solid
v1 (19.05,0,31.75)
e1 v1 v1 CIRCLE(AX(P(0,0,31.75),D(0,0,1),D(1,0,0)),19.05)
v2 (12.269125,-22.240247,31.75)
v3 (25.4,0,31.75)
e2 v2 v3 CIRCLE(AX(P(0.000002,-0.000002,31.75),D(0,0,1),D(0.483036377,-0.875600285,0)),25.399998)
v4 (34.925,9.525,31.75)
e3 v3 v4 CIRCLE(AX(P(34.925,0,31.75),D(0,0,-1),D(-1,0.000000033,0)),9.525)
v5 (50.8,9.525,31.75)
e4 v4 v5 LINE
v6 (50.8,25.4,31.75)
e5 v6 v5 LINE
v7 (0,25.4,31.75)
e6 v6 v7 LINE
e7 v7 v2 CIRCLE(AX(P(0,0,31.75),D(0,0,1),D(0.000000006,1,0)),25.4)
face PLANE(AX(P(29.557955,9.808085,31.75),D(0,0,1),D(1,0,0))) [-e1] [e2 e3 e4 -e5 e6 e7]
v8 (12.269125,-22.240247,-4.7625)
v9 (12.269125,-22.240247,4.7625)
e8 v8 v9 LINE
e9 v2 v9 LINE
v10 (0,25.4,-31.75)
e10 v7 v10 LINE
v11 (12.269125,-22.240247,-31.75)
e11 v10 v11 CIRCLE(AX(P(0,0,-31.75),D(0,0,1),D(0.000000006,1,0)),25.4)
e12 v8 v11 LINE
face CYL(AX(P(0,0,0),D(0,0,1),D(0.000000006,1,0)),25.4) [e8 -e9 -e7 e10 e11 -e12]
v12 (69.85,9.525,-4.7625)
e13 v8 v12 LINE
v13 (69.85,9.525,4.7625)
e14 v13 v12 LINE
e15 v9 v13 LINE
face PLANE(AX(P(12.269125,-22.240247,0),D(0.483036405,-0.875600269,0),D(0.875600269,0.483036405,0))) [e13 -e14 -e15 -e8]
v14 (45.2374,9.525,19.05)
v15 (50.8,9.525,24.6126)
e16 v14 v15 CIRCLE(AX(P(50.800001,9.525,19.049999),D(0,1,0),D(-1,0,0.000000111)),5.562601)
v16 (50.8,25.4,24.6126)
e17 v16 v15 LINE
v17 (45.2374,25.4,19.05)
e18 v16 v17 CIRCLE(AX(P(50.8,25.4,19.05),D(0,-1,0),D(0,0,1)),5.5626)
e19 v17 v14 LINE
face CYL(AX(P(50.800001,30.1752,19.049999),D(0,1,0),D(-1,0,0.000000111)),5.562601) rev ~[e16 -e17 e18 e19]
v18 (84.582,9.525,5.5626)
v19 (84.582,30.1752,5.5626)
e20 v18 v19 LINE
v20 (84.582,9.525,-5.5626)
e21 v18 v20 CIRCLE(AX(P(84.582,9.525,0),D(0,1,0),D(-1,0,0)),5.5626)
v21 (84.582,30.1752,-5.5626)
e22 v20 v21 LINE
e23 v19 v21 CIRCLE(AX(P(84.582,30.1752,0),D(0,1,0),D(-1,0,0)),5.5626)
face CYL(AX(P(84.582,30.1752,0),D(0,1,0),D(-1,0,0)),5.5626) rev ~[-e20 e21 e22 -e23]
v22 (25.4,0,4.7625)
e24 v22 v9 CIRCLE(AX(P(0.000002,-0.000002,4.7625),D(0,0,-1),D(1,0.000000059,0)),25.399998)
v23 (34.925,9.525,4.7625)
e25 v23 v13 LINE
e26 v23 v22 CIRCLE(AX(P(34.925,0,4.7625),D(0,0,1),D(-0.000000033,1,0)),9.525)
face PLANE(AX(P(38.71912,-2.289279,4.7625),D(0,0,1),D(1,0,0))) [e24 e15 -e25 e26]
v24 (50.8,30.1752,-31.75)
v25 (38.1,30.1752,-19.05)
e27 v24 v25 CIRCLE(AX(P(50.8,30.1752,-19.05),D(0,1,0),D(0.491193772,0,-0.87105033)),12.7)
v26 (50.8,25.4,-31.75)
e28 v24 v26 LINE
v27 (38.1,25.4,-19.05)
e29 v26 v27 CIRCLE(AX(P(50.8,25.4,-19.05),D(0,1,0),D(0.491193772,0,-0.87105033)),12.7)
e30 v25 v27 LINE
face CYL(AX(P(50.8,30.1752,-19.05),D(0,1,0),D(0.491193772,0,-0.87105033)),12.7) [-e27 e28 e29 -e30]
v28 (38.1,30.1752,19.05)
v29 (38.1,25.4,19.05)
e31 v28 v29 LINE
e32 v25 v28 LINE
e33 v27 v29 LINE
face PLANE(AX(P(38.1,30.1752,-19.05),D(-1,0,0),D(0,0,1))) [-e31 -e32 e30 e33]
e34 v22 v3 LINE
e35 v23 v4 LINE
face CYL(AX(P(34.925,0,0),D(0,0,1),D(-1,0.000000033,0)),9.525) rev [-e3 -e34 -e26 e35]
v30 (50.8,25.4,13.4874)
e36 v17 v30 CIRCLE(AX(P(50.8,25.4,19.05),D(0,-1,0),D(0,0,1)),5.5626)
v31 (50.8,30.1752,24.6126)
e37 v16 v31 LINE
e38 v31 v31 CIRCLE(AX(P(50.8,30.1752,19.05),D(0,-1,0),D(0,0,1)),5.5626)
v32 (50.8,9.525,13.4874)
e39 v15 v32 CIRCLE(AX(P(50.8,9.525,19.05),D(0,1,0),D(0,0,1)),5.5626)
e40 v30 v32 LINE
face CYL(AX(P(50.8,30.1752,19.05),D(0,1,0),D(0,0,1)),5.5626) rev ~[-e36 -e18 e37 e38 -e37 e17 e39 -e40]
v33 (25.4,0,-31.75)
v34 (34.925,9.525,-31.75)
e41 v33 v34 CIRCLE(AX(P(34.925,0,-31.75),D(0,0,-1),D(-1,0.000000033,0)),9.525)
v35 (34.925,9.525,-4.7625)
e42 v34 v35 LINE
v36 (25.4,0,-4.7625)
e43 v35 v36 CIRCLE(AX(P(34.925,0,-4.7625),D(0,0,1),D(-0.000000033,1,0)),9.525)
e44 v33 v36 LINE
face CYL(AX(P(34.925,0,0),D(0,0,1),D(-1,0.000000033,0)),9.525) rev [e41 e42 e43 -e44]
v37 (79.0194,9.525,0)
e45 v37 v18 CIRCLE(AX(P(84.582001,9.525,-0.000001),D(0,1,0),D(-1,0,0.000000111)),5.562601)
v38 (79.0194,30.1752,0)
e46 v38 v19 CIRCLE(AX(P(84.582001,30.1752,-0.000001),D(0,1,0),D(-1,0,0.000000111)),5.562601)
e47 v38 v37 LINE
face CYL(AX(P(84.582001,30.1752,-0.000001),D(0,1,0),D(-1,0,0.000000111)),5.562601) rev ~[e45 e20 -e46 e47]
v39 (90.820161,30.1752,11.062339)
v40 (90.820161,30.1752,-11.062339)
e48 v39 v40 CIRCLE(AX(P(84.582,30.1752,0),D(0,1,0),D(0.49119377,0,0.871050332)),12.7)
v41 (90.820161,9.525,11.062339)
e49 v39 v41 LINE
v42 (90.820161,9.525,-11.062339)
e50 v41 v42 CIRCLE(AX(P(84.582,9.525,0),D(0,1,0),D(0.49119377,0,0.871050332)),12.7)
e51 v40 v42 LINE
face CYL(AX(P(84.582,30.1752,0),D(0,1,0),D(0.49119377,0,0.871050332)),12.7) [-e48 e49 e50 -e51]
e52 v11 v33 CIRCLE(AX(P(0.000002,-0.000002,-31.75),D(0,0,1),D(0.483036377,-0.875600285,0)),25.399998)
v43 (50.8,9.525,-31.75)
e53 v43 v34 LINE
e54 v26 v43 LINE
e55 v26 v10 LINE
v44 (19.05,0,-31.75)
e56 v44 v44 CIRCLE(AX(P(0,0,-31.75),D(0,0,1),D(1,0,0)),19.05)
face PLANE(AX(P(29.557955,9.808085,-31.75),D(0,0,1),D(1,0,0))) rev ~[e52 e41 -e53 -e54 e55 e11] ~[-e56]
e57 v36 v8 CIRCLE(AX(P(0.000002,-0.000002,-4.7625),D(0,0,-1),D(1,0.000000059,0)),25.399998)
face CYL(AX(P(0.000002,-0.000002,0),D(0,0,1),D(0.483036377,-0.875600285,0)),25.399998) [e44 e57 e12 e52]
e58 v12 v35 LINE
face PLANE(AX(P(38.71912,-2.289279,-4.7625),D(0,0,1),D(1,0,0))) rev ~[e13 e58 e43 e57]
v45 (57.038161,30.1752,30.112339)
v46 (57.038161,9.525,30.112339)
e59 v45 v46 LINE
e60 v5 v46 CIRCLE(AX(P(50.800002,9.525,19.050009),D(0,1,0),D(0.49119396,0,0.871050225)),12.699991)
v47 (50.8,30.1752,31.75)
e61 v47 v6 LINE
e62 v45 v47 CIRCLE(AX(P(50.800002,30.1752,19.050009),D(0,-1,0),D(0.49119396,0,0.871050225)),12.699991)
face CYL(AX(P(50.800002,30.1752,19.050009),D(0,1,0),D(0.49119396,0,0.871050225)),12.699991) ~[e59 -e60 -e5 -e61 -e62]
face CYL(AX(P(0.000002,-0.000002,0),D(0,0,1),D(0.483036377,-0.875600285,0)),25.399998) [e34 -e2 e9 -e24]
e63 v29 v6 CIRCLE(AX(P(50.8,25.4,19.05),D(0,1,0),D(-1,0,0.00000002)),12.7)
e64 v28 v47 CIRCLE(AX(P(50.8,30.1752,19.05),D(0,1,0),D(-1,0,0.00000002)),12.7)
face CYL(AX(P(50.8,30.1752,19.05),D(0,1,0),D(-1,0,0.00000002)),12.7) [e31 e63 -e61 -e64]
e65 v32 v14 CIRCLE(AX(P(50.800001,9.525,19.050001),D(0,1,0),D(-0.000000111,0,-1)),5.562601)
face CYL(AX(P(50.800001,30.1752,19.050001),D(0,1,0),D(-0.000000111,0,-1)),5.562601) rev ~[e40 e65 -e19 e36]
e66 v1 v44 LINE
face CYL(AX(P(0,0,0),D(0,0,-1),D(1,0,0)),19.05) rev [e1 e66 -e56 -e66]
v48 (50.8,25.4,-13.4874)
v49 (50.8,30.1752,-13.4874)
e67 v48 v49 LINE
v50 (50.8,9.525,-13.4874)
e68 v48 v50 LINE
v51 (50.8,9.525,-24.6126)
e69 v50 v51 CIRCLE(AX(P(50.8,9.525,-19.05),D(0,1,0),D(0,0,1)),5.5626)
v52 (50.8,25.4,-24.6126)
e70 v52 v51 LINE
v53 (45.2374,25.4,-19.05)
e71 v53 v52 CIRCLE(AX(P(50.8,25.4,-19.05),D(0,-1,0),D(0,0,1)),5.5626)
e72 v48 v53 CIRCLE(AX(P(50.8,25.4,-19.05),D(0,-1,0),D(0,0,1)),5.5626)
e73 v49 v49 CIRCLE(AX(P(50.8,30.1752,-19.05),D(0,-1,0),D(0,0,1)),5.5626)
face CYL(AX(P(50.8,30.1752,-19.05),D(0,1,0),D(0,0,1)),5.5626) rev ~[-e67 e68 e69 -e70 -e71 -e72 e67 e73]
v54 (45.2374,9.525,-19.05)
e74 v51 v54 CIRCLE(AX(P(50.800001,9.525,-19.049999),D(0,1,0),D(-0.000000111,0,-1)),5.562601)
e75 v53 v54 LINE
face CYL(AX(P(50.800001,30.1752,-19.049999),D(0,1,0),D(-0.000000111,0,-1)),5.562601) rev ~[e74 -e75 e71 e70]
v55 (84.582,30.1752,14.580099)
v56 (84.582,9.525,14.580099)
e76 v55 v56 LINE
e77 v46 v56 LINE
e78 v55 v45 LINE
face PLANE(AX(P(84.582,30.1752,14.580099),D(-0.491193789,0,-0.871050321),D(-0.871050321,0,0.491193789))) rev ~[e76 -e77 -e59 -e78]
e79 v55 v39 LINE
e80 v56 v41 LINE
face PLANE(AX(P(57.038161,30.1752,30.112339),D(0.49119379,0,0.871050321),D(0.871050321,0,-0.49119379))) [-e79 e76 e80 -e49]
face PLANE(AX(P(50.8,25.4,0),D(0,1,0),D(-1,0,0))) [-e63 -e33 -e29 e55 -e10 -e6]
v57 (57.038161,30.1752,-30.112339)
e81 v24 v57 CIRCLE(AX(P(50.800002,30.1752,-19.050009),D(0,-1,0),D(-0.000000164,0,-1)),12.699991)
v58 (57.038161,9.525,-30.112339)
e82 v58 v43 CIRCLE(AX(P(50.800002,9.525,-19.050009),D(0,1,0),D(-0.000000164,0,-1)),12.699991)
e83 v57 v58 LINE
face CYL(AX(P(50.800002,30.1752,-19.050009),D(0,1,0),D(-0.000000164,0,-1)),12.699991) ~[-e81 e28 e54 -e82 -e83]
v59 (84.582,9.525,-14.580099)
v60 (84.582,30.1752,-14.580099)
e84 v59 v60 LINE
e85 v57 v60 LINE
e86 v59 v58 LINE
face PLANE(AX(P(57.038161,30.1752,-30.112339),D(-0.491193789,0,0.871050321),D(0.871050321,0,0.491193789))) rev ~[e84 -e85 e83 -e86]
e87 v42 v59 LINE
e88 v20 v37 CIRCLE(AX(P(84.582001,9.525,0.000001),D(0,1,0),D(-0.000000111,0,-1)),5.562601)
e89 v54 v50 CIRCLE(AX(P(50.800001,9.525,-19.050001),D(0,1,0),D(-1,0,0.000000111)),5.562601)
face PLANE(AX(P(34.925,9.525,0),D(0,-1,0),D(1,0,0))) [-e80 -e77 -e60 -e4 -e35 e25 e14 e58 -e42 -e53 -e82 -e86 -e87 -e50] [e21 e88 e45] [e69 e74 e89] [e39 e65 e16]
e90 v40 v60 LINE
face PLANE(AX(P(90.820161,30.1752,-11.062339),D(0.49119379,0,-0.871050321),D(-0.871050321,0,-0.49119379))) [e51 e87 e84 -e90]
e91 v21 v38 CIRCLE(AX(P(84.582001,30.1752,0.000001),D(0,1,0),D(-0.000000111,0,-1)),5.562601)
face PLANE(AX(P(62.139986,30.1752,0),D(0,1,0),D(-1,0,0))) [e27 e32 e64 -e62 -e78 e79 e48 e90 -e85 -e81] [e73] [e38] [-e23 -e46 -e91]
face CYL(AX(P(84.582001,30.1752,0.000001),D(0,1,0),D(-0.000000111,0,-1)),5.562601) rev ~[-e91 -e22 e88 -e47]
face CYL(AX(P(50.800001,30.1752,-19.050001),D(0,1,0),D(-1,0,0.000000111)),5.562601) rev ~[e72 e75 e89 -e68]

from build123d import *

# Parameters (mm, degrees)
F0_R     = 19.05
F1_DEPTH = 31.75
F2_DEPTH = 4.7625
F4_R     = 5.5626
F5_DEPTH = 20.6502
F6_DEPTH = 55.5762


with BuildPart() as f1:
    # F0 (on Top) → F1 (new body, symmetric)
    with BuildSketch(Plane.XY):
        with BuildLine():
            ThreePointArc((12.269125, -22.240247), (21.872309, -12.913641), (25.4, 0))
            ThreePointArc((25.4, 0), (28.189808, 6.735192), (34.925, 9.525))
            Line((34.925, 9.525), (69.85, 9.525))
            Line((69.85, 9.525), (84.582, 9.525))
            Line((84.582, 9.525), (84.582, 30.1752))
            Line((84.582, 30.1752), (50.8, 30.1752))
            Line((50.8, 30.1752), (50.8, 25.4))
            Line((50.8, 25.4), (0, 25.4))
            ThreePointArc((0, 25.4), (-24.597381, -6.334735), (12.269125, -22.240247))
        make_face()
        Circle(F0_R, mode=Mode.SUBTRACT)
    extrude(amount=F1_DEPTH, both=True)

    # F0 (on Top) → F2 (join, symmetric)
    with BuildSketch(Plane.XY):
        with BuildLine():
            ThreePointArc((34.925, 9.525), (28.189808, 6.735192), (25.4, 0))
            ThreePointArc((25.4, 0), (21.872309, -12.913641), (12.269125, -22.240247))
            Line((12.269125, -22.240247), (69.85, 9.525))
            Line((69.85, 9.525), (34.925, 9.525))
        make_face()
    extrude(amount=F2_DEPTH, both=True)

    # F4 (on face) → F5 (join)
    with BuildSketch(Plane(origin=(0, 30.1752, 0), x_dir=(-1, 0, 0), z_dir=(0, 1, 0))):
        with BuildLine():
            Line((-38.1, -19.05), (-38.1, 19.05))
            ThreePointArc((-38.1, 19.05), (-44.394325, 30.01619), (-57.038161, 30.112339))
            Line((-57.038161, 30.112339), (-90.820161, 11.062339))
            ThreePointArc((-90.820161, 11.062339), (-97.282, 0), (-90.820161, -11.062339))
            Line((-90.820161, -11.062339), (-57.038161, -30.112339))
            ThreePointArc((-57.038161, -30.112339), (-44.394325, -30.01619), (-38.1, -19.05))
        make_face()
        with Locations((-50.8, -19.05)):
            Circle(F4_R, mode=Mode.SUBTRACT)
        with Locations((-84.582, 0)):
            Circle(F4_R, mode=Mode.SUBTRACT)
        with Locations((-50.8, 19.05)):
            Circle(F4_R, mode=Mode.SUBTRACT)
    extrude(amount=-F5_DEPTH)

    # F4 (on face) → F6 (cut, through all)
    with BuildSketch(Plane(origin=(0, 30.1752, 0), x_dir=(-1, 0, 0), z_dir=(0, 1, 0))):
        with BuildLine():
            ThreePointArc((-45.2374, -19.05), (-46.866648, -15.116648), (-50.8, -13.4874))
            Line((-50.8, -13.4874), (-50.8, -24.6126))
            ThreePointArc((-50.8, -24.6126), (-46.866648, -22.983352), (-45.2374, -19.05))
        make_face()
        with BuildLine():
            Line((-50.8, 13.4874), (-50.8, 24.6126))
            ThreePointArc((-50.8, 24.6126), (-56.3626, 19.05), (-50.8, 13.4874))
        make_face()
        with BuildLine():
            ThreePointArc((-79.0194, 0), (-80.648648, 3.933352), (-84.582, 5.5626))
            Line((-84.582, 5.5626), (-84.582, -5.5626))
            ThreePointArc((-84.582, -5.5626), (-80.648648, -3.933352), (-79.0194, 0))
        make_face()
        with BuildLine():
            ThreePointArc((-50.8, 13.4874), (-46.866648, 15.116648), (-45.2374, 19.05))
            ThreePointArc((-45.2374, 19.05), (-46.866648, 22.983352), (-50.8, 24.6126))
            Line((-50.8, 24.6126), (-50.8, 13.4874))
        make_face()
        with BuildLine():
            Line((-50.8, -24.6126), (-50.8, -13.4874))
            ThreePointArc((-50.8, -13.4874), (-56.3626, -19.05), (-50.8, -24.6126))
        make_face()
        with BuildLine():
            ThreePointArc((-57.038161, 30.112339), (-54.024771, 31.333764), (-50.8, 31.75))
            Line((-50.8, 31.75), (-84.582, 31.75))
            Line((-84.582, 31.75), (-84.582, 14.580099))
            Line((-84.582, 14.580099), (-57.038161, 30.112339))
        make_face()
        with BuildLine():
            Line((-84.582, -31.75), (-50.8, -31.75))
            ThreePointArc((-50.8, -31.75), (-54.024771, -31.333764), (-57.038161, -30.112339))
            Line((-57.038161, -30.112339), (-84.582, -14.580099))
            Line((-84.582, -14.580099), (-84.582, -31.75))
        make_face()
    extrude(amount=-F6_DEPTH, mode=Mode.SUBTRACT)


solid = f1.part
